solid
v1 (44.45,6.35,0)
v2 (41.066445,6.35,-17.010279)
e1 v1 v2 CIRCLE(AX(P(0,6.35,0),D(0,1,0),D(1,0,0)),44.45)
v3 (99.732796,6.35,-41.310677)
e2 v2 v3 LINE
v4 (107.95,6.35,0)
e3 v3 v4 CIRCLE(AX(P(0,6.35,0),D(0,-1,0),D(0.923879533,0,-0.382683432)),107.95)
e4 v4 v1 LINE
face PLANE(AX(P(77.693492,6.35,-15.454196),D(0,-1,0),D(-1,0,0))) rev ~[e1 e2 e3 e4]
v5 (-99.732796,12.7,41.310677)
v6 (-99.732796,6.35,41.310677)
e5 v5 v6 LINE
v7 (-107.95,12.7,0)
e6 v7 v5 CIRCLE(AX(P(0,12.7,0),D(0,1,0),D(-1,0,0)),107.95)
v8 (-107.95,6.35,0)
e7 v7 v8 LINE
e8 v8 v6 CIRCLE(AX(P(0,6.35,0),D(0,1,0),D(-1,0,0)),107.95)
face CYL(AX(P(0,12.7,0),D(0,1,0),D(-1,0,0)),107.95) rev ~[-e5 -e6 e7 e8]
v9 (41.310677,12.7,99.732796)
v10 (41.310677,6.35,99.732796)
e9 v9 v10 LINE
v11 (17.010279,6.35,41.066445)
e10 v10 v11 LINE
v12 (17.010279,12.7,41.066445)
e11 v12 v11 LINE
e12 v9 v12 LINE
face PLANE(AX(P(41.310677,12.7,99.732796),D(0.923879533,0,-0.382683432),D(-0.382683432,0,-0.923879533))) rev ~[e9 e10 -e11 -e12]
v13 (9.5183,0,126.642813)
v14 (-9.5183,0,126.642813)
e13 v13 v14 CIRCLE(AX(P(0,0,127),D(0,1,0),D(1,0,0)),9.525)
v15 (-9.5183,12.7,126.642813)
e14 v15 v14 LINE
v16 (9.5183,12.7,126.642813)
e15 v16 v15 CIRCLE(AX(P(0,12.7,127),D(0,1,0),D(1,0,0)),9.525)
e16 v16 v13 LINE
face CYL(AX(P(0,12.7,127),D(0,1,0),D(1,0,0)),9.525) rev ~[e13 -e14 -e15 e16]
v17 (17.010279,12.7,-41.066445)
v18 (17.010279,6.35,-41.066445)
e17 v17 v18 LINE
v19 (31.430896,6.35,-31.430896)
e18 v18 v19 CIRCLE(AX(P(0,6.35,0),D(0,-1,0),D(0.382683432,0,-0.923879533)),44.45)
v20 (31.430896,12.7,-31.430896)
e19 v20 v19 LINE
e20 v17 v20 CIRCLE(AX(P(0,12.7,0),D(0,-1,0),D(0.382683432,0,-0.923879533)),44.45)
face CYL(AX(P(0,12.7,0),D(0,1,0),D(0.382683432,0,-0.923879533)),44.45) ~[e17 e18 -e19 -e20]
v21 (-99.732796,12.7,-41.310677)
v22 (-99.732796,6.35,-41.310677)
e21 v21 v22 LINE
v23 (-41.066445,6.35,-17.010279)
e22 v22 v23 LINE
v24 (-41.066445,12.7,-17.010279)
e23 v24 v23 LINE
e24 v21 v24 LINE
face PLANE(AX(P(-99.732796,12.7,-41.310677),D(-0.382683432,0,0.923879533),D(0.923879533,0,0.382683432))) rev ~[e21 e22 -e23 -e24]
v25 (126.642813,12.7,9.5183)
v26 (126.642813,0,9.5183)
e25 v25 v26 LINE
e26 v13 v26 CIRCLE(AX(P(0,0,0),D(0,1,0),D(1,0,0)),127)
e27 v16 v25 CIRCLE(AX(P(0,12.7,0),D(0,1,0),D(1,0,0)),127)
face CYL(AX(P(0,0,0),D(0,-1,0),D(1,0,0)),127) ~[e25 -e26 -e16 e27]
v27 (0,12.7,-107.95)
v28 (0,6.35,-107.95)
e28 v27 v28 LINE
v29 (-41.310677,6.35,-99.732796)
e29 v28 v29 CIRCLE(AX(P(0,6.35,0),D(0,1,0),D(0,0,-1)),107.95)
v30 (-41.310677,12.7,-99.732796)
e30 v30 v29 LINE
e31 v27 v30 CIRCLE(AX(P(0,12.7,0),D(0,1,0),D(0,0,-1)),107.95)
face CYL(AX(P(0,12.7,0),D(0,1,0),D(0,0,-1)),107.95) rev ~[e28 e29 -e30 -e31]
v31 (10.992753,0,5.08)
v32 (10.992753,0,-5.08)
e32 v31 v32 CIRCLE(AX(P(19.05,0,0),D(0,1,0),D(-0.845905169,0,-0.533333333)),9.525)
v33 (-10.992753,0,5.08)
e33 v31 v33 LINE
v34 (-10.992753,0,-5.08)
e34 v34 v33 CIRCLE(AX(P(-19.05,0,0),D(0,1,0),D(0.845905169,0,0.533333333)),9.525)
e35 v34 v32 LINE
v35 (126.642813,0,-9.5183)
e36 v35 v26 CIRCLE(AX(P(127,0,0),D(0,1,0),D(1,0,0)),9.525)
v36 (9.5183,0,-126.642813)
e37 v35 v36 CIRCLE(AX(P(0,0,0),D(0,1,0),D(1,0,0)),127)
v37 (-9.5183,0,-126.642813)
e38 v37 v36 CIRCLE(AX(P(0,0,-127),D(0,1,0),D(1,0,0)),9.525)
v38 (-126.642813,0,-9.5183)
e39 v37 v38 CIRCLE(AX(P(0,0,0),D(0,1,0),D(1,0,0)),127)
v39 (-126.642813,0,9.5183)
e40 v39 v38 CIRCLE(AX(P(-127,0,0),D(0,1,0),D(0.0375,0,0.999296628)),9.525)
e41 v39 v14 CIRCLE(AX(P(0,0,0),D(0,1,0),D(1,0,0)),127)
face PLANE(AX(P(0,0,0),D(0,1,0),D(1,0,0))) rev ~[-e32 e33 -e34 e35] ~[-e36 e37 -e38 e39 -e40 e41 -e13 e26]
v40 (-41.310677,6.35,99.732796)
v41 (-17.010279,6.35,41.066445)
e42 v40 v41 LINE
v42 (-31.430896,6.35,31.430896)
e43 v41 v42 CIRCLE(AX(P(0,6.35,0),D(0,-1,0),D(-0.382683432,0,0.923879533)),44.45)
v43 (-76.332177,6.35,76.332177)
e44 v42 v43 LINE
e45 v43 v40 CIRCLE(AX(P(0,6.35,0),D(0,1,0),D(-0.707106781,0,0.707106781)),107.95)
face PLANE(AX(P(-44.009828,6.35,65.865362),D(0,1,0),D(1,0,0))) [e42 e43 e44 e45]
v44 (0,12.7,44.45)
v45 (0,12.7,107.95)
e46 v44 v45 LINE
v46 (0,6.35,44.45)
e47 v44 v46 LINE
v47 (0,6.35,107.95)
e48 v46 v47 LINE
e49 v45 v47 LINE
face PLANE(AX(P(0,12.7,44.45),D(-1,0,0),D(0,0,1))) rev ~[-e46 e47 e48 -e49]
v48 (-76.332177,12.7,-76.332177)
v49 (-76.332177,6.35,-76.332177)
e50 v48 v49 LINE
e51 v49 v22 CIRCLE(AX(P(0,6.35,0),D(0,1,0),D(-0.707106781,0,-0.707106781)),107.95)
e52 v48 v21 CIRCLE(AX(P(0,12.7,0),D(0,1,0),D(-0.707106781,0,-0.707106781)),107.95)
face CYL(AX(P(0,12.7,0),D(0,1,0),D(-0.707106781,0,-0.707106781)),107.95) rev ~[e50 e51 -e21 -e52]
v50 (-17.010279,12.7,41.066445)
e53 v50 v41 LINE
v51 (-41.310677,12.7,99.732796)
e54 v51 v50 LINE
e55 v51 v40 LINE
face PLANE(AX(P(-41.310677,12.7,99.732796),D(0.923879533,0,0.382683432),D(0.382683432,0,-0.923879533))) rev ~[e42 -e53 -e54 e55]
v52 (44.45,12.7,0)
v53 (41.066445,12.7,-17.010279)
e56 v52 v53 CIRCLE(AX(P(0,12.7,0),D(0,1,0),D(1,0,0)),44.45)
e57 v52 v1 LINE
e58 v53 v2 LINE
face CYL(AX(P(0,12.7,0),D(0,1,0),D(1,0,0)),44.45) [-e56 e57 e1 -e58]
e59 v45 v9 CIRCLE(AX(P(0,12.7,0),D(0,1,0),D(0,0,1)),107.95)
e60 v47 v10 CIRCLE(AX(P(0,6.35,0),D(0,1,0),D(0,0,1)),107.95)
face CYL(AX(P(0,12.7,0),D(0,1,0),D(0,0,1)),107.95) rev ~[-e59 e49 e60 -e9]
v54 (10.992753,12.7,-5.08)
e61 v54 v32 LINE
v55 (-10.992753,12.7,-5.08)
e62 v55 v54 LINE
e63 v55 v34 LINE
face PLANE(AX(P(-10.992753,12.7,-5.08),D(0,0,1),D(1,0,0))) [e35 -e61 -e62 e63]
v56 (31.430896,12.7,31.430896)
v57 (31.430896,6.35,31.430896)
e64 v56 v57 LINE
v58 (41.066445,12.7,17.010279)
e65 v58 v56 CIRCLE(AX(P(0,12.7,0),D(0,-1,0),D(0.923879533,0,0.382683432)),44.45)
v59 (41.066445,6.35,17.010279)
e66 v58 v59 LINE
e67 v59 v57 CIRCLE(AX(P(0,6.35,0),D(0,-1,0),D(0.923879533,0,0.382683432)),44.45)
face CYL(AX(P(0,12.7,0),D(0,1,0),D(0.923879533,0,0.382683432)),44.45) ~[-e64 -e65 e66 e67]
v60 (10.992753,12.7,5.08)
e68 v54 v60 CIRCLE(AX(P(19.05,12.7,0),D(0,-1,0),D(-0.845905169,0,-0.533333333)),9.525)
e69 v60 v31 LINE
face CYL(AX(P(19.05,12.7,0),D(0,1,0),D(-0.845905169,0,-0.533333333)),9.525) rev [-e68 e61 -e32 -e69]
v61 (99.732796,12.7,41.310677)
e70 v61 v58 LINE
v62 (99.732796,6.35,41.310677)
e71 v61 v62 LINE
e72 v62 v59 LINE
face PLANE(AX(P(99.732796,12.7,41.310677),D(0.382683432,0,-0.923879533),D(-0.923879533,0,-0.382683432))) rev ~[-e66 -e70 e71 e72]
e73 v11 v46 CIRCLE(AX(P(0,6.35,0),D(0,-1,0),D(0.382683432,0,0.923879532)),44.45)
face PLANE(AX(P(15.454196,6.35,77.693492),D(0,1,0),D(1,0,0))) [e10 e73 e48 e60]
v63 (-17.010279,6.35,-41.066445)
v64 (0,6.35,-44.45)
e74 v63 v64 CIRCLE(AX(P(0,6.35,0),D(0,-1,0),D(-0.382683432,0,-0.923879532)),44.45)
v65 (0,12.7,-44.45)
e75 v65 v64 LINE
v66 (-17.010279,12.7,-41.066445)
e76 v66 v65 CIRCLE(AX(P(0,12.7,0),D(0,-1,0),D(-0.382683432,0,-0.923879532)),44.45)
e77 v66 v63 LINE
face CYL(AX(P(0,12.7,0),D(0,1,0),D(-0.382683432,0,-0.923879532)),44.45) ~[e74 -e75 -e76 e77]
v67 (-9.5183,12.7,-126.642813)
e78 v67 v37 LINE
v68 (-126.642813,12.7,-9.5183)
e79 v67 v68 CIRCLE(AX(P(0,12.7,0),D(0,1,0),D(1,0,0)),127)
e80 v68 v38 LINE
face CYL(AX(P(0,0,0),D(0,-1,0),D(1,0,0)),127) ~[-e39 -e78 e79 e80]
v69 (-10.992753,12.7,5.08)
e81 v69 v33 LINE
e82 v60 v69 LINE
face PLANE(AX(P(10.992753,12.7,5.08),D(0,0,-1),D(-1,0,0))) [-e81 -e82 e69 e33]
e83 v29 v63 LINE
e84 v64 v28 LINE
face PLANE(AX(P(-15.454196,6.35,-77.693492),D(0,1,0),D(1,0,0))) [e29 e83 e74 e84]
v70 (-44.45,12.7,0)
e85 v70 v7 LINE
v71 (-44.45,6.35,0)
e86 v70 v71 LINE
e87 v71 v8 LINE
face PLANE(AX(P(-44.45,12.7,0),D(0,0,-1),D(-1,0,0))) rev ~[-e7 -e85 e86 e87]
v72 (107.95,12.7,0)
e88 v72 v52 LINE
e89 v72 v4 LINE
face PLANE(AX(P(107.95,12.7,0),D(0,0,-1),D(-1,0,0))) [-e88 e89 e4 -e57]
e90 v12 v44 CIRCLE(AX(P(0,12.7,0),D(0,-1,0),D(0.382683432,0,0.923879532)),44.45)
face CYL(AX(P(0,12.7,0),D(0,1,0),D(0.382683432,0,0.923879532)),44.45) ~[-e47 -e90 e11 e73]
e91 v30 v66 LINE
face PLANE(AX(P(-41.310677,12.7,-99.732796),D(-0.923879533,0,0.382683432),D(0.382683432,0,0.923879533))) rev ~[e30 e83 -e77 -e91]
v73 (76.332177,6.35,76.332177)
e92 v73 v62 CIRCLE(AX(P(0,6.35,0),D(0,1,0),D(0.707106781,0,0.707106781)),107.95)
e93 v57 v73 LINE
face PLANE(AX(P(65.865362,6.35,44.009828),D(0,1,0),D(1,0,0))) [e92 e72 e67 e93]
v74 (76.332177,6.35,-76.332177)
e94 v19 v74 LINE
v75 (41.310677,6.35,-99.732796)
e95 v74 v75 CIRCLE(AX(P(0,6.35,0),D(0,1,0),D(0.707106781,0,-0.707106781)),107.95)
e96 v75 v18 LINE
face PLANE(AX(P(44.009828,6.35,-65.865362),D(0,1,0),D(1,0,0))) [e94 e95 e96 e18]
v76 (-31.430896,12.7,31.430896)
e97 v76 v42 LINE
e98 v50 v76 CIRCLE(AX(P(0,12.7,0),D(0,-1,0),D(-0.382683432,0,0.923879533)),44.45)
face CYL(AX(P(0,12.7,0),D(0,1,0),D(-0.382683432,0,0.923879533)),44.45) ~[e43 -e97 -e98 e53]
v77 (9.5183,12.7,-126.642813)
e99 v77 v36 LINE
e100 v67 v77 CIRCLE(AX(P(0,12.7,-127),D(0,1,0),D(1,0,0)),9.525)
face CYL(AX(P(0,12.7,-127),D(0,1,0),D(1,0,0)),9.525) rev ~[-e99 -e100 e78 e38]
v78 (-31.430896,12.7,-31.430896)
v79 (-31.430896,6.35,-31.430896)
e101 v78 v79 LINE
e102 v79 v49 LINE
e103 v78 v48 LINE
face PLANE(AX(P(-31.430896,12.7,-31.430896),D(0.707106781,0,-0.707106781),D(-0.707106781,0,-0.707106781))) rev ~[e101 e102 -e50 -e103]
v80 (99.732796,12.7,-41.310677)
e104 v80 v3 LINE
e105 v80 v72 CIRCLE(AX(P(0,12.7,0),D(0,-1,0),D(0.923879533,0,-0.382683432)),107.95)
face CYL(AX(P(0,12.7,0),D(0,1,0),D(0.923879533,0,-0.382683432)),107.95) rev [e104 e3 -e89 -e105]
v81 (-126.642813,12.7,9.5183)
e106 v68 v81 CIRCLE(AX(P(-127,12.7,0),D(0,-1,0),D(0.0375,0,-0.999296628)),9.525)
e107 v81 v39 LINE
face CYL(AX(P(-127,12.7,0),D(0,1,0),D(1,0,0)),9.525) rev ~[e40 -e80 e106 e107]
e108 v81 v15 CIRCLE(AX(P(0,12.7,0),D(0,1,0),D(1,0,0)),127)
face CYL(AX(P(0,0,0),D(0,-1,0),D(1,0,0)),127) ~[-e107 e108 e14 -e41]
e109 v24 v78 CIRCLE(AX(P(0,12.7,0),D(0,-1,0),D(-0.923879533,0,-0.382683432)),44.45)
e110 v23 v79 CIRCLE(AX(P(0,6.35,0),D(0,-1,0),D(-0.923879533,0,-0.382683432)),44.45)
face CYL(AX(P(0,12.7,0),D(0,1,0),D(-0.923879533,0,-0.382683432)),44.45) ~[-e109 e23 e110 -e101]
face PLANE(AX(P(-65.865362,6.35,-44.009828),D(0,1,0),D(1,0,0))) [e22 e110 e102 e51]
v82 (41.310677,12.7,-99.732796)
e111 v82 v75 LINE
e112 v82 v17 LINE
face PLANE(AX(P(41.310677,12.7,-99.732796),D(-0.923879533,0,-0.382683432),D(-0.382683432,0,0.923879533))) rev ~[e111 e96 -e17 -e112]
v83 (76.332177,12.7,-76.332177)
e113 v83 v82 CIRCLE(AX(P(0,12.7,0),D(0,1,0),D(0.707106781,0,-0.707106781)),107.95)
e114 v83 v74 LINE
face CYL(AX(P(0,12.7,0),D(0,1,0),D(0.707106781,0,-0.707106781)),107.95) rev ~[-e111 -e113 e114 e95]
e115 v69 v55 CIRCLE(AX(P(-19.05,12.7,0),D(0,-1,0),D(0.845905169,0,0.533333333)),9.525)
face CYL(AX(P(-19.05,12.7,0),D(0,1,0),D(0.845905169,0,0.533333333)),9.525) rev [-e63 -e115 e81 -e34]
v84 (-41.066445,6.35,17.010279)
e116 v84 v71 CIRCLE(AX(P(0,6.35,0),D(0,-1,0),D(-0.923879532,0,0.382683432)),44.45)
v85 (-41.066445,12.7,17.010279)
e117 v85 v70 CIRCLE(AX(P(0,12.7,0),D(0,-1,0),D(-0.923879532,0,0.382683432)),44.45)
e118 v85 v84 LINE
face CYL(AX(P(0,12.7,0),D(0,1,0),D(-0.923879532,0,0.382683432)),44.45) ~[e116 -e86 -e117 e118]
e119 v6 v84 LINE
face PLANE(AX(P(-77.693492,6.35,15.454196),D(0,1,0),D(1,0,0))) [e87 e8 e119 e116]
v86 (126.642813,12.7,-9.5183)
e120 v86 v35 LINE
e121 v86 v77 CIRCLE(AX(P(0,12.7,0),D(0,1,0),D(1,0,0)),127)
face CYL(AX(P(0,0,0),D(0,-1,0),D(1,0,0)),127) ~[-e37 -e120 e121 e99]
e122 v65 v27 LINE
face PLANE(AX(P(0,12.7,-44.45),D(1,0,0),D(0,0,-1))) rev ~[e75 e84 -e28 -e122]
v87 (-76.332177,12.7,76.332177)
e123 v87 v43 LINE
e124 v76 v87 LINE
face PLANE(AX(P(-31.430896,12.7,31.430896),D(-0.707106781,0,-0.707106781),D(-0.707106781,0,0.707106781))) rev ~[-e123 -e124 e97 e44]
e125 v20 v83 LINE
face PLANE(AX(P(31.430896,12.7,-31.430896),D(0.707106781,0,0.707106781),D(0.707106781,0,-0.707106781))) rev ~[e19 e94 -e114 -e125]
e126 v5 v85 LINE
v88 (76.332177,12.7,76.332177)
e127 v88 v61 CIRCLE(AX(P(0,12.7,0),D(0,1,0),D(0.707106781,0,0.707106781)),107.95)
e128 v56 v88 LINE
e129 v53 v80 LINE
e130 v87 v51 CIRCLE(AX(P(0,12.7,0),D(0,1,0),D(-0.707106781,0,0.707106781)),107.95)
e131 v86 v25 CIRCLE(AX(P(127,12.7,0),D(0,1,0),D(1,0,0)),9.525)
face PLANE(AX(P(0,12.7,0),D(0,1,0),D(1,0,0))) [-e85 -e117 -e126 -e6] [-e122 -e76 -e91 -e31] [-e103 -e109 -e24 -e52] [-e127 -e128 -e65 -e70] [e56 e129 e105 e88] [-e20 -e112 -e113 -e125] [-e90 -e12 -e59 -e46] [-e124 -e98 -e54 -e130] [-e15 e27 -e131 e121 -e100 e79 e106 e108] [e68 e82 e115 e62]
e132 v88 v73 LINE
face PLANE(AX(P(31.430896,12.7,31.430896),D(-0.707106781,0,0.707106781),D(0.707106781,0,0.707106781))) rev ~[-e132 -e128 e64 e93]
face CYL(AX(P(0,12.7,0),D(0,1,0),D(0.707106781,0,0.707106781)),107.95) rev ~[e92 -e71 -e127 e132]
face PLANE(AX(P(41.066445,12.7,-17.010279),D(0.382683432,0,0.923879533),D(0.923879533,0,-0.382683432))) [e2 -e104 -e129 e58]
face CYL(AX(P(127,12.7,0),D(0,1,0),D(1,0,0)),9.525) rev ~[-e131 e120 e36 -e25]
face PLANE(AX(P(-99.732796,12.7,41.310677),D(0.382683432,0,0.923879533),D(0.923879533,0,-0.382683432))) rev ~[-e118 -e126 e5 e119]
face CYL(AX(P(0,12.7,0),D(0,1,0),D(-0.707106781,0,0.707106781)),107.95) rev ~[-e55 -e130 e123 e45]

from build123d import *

# Parameters (mm, degrees)
SKETCH1_R           = 127
BOSS_EXTRUDE1_DEPTH = 12.7
CUT_EXTRUDE1_DEPTH  = 6.35
SKETCH2_3_R         = 9.525
CUT_EXTRUDE2_DEPTH  = 181.05357536


with BuildPart() as part:
    # Sketch1 → Boss-Extrude1 (new body)
    with BuildSketch(Plane(origin=(0, 0, 0), x_dir=(1, 0, 0), z_dir=(0, 1, 0))):
        Circle(SKETCH1_R)
    extrude(amount=BOSS_EXTRUDE1_DEPTH)

    # Sketch2 → Cut-Extrude1 (cut)
    with BuildSketch(Plane(origin=(0, 12.7, 0), x_dir=(1, 0, 0), z_dir=(0, 1, 0))):
        with BuildLine():
            Line((99.732795535, 41.310676524), (41.06644522, 17.010278569))
            ThreePointArc((41.06644522, 17.010278569), (43.595905714, 8.671764814), (44.45, 0))
            Line((44.45, 0), (107.95, 0))
            ThreePointArc((107.95, 0), (105.87577102, 21.060000262), (99.732795535, 41.310676524))
        make_face()
        with BuildLine():
            Line((99.732795535, -41.310676524), (41.06644522, -17.010278569))
            ThreePointArc((41.06644522, -17.010278569), (36.958824267, -24.695096858), (31.430896424, -31.430896424))
            Line((31.430896424, -31.430896424), (76.332177029, -76.332177029))
            ThreePointArc((76.332177029, -76.332177029), (89.757144648, -59.973806654), (99.732795535, -41.310676524))
        make_face()
        with BuildLine():
            Line((41.310676524, -99.732795535), (17.010278569, -41.06644522))
            ThreePointArc((17.010278569, -41.06644522), (8.671764814, -43.595905714), (0, -44.45))
            Line((0, -44.45), (0, -107.95))
            ThreePointArc((0, -107.95), (21.060000262, -105.87577102), (41.310676524, -99.732795535))
        make_face()
        with BuildLine():
            Line((-41.310676524, -99.732795535), (-17.010278569, -41.06644522))
            ThreePointArc((-17.010278569, -41.06644522), (-24.695096858, -36.958824267), (-31.430896424, -31.430896424))
            Line((-31.430896424, -31.430896424), (-76.332177029, -76.332177029))
            ThreePointArc((-76.332177029, -76.332177029), (-59.973806654, -89.757144648), (-41.310676524, -99.732795535))
        make_face()
        with BuildLine():
            Line((-99.732795535, -41.310676524), (-41.06644522, -17.010278569))
            ThreePointArc((-41.06644522, -17.010278569), (-43.595905714, -8.671764814), (-44.45, 0))
            Line((-44.45, 0), (-107.95, 0))
            ThreePointArc((-107.95, 0), (-105.87577102, -21.060000262), (-99.732795535, -41.310676524))
        make_face()
        with BuildLine():
            Line((-99.732795535, 41.310676524), (-41.06644522, 17.010278569))
            ThreePointArc((-41.06644522, 17.010278569), (-36.958824267, 24.695096858), (-31.430896424, 31.430896424))
            Line((-31.430896424, 31.430896424), (-76.332177029, 76.332177029))
            ThreePointArc((-76.332177029, 76.332177029), (-89.757144648, 59.973806654), (-99.732795535, 41.310676524))
        make_face()
        with BuildLine():
            Line((-41.310676524, 99.732795535), (-17.010278569, 41.06644522))
            ThreePointArc((-17.010278569, 41.06644522), (-8.671764814, 43.595905714), (0, 44.45))
            Line((0, 44.45), (0, 107.95))
            ThreePointArc((0, 107.95), (-21.060000262, 105.87577102), (-41.310676524, 99.732795535))
        make_face()
        with BuildLine():
            Line((41.310676524, 99.732795535), (17.010278569, 41.06644522))
            ThreePointArc((17.010278569, 41.06644522), (24.695096858, 36.958824267), (31.430896424, 31.430896424))
            Line((31.430896424, 31.430896424), (76.332177029, 76.332177029))
            ThreePointArc((76.332177029, 76.332177029), (59.973806654, 89.757144648), (41.310676524, 99.732795535))
        make_face()
    extrude(amount=-CUT_EXTRUDE1_DEPTH, mode=Mode.SUBTRACT)

    # Sketch2<3> → Cut-Extrude2 (cut, through all)
    with BuildSketch(Plane(origin=(0, 12.7, 0), x_dir=(1, 0, 0), z_dir=(0, 1, 0))):
        with BuildLine():
            Line((-10.992753262, -5.08), (10.992753262, -5.08))
            ThreePointArc((10.992753262, -5.08), (28.575, 0), (10.992753262, 5.08))
            Line((10.992753262, 5.08), (-10.992753262, 5.08))
            ThreePointArc((-10.992753262, 5.08), (-28.575, 0), (-10.992753262, -5.08))
        make_face()
        with BuildLine():
            ThreePointArc((9.518300378, 126.6428125), (0, 127), (-9.518300378, 126.6428125))
            ThreePointArc((-9.518300378, 126.6428125), (0, 117.475), (9.518300378, 126.6428125))
        make_face()
        with Locations((-127, 0)):
            Circle(SKETCH2_3_R)
        with BuildLine():
            ThreePointArc((126.6428125, -9.518300378), (127, 0), (126.6428125, 9.518300378))
            ThreePointArc((126.6428125, 9.518300378), (117.475, 0), (126.6428125, -9.518300378))
        make_face()
        with BuildLine():
            ThreePointArc((9.518300378, -126.6428125), (0, -117.475), (-9.518300378, -126.6428125))
            ThreePointArc((-9.518300378, -126.6428125), (0, -127), (9.518300378, -126.6428125))
        make_face()
    extrude(amount=-CUT_EXTRUDE2_DEPTH, mode=Mode.SUBTRACT)


solid = part.part
